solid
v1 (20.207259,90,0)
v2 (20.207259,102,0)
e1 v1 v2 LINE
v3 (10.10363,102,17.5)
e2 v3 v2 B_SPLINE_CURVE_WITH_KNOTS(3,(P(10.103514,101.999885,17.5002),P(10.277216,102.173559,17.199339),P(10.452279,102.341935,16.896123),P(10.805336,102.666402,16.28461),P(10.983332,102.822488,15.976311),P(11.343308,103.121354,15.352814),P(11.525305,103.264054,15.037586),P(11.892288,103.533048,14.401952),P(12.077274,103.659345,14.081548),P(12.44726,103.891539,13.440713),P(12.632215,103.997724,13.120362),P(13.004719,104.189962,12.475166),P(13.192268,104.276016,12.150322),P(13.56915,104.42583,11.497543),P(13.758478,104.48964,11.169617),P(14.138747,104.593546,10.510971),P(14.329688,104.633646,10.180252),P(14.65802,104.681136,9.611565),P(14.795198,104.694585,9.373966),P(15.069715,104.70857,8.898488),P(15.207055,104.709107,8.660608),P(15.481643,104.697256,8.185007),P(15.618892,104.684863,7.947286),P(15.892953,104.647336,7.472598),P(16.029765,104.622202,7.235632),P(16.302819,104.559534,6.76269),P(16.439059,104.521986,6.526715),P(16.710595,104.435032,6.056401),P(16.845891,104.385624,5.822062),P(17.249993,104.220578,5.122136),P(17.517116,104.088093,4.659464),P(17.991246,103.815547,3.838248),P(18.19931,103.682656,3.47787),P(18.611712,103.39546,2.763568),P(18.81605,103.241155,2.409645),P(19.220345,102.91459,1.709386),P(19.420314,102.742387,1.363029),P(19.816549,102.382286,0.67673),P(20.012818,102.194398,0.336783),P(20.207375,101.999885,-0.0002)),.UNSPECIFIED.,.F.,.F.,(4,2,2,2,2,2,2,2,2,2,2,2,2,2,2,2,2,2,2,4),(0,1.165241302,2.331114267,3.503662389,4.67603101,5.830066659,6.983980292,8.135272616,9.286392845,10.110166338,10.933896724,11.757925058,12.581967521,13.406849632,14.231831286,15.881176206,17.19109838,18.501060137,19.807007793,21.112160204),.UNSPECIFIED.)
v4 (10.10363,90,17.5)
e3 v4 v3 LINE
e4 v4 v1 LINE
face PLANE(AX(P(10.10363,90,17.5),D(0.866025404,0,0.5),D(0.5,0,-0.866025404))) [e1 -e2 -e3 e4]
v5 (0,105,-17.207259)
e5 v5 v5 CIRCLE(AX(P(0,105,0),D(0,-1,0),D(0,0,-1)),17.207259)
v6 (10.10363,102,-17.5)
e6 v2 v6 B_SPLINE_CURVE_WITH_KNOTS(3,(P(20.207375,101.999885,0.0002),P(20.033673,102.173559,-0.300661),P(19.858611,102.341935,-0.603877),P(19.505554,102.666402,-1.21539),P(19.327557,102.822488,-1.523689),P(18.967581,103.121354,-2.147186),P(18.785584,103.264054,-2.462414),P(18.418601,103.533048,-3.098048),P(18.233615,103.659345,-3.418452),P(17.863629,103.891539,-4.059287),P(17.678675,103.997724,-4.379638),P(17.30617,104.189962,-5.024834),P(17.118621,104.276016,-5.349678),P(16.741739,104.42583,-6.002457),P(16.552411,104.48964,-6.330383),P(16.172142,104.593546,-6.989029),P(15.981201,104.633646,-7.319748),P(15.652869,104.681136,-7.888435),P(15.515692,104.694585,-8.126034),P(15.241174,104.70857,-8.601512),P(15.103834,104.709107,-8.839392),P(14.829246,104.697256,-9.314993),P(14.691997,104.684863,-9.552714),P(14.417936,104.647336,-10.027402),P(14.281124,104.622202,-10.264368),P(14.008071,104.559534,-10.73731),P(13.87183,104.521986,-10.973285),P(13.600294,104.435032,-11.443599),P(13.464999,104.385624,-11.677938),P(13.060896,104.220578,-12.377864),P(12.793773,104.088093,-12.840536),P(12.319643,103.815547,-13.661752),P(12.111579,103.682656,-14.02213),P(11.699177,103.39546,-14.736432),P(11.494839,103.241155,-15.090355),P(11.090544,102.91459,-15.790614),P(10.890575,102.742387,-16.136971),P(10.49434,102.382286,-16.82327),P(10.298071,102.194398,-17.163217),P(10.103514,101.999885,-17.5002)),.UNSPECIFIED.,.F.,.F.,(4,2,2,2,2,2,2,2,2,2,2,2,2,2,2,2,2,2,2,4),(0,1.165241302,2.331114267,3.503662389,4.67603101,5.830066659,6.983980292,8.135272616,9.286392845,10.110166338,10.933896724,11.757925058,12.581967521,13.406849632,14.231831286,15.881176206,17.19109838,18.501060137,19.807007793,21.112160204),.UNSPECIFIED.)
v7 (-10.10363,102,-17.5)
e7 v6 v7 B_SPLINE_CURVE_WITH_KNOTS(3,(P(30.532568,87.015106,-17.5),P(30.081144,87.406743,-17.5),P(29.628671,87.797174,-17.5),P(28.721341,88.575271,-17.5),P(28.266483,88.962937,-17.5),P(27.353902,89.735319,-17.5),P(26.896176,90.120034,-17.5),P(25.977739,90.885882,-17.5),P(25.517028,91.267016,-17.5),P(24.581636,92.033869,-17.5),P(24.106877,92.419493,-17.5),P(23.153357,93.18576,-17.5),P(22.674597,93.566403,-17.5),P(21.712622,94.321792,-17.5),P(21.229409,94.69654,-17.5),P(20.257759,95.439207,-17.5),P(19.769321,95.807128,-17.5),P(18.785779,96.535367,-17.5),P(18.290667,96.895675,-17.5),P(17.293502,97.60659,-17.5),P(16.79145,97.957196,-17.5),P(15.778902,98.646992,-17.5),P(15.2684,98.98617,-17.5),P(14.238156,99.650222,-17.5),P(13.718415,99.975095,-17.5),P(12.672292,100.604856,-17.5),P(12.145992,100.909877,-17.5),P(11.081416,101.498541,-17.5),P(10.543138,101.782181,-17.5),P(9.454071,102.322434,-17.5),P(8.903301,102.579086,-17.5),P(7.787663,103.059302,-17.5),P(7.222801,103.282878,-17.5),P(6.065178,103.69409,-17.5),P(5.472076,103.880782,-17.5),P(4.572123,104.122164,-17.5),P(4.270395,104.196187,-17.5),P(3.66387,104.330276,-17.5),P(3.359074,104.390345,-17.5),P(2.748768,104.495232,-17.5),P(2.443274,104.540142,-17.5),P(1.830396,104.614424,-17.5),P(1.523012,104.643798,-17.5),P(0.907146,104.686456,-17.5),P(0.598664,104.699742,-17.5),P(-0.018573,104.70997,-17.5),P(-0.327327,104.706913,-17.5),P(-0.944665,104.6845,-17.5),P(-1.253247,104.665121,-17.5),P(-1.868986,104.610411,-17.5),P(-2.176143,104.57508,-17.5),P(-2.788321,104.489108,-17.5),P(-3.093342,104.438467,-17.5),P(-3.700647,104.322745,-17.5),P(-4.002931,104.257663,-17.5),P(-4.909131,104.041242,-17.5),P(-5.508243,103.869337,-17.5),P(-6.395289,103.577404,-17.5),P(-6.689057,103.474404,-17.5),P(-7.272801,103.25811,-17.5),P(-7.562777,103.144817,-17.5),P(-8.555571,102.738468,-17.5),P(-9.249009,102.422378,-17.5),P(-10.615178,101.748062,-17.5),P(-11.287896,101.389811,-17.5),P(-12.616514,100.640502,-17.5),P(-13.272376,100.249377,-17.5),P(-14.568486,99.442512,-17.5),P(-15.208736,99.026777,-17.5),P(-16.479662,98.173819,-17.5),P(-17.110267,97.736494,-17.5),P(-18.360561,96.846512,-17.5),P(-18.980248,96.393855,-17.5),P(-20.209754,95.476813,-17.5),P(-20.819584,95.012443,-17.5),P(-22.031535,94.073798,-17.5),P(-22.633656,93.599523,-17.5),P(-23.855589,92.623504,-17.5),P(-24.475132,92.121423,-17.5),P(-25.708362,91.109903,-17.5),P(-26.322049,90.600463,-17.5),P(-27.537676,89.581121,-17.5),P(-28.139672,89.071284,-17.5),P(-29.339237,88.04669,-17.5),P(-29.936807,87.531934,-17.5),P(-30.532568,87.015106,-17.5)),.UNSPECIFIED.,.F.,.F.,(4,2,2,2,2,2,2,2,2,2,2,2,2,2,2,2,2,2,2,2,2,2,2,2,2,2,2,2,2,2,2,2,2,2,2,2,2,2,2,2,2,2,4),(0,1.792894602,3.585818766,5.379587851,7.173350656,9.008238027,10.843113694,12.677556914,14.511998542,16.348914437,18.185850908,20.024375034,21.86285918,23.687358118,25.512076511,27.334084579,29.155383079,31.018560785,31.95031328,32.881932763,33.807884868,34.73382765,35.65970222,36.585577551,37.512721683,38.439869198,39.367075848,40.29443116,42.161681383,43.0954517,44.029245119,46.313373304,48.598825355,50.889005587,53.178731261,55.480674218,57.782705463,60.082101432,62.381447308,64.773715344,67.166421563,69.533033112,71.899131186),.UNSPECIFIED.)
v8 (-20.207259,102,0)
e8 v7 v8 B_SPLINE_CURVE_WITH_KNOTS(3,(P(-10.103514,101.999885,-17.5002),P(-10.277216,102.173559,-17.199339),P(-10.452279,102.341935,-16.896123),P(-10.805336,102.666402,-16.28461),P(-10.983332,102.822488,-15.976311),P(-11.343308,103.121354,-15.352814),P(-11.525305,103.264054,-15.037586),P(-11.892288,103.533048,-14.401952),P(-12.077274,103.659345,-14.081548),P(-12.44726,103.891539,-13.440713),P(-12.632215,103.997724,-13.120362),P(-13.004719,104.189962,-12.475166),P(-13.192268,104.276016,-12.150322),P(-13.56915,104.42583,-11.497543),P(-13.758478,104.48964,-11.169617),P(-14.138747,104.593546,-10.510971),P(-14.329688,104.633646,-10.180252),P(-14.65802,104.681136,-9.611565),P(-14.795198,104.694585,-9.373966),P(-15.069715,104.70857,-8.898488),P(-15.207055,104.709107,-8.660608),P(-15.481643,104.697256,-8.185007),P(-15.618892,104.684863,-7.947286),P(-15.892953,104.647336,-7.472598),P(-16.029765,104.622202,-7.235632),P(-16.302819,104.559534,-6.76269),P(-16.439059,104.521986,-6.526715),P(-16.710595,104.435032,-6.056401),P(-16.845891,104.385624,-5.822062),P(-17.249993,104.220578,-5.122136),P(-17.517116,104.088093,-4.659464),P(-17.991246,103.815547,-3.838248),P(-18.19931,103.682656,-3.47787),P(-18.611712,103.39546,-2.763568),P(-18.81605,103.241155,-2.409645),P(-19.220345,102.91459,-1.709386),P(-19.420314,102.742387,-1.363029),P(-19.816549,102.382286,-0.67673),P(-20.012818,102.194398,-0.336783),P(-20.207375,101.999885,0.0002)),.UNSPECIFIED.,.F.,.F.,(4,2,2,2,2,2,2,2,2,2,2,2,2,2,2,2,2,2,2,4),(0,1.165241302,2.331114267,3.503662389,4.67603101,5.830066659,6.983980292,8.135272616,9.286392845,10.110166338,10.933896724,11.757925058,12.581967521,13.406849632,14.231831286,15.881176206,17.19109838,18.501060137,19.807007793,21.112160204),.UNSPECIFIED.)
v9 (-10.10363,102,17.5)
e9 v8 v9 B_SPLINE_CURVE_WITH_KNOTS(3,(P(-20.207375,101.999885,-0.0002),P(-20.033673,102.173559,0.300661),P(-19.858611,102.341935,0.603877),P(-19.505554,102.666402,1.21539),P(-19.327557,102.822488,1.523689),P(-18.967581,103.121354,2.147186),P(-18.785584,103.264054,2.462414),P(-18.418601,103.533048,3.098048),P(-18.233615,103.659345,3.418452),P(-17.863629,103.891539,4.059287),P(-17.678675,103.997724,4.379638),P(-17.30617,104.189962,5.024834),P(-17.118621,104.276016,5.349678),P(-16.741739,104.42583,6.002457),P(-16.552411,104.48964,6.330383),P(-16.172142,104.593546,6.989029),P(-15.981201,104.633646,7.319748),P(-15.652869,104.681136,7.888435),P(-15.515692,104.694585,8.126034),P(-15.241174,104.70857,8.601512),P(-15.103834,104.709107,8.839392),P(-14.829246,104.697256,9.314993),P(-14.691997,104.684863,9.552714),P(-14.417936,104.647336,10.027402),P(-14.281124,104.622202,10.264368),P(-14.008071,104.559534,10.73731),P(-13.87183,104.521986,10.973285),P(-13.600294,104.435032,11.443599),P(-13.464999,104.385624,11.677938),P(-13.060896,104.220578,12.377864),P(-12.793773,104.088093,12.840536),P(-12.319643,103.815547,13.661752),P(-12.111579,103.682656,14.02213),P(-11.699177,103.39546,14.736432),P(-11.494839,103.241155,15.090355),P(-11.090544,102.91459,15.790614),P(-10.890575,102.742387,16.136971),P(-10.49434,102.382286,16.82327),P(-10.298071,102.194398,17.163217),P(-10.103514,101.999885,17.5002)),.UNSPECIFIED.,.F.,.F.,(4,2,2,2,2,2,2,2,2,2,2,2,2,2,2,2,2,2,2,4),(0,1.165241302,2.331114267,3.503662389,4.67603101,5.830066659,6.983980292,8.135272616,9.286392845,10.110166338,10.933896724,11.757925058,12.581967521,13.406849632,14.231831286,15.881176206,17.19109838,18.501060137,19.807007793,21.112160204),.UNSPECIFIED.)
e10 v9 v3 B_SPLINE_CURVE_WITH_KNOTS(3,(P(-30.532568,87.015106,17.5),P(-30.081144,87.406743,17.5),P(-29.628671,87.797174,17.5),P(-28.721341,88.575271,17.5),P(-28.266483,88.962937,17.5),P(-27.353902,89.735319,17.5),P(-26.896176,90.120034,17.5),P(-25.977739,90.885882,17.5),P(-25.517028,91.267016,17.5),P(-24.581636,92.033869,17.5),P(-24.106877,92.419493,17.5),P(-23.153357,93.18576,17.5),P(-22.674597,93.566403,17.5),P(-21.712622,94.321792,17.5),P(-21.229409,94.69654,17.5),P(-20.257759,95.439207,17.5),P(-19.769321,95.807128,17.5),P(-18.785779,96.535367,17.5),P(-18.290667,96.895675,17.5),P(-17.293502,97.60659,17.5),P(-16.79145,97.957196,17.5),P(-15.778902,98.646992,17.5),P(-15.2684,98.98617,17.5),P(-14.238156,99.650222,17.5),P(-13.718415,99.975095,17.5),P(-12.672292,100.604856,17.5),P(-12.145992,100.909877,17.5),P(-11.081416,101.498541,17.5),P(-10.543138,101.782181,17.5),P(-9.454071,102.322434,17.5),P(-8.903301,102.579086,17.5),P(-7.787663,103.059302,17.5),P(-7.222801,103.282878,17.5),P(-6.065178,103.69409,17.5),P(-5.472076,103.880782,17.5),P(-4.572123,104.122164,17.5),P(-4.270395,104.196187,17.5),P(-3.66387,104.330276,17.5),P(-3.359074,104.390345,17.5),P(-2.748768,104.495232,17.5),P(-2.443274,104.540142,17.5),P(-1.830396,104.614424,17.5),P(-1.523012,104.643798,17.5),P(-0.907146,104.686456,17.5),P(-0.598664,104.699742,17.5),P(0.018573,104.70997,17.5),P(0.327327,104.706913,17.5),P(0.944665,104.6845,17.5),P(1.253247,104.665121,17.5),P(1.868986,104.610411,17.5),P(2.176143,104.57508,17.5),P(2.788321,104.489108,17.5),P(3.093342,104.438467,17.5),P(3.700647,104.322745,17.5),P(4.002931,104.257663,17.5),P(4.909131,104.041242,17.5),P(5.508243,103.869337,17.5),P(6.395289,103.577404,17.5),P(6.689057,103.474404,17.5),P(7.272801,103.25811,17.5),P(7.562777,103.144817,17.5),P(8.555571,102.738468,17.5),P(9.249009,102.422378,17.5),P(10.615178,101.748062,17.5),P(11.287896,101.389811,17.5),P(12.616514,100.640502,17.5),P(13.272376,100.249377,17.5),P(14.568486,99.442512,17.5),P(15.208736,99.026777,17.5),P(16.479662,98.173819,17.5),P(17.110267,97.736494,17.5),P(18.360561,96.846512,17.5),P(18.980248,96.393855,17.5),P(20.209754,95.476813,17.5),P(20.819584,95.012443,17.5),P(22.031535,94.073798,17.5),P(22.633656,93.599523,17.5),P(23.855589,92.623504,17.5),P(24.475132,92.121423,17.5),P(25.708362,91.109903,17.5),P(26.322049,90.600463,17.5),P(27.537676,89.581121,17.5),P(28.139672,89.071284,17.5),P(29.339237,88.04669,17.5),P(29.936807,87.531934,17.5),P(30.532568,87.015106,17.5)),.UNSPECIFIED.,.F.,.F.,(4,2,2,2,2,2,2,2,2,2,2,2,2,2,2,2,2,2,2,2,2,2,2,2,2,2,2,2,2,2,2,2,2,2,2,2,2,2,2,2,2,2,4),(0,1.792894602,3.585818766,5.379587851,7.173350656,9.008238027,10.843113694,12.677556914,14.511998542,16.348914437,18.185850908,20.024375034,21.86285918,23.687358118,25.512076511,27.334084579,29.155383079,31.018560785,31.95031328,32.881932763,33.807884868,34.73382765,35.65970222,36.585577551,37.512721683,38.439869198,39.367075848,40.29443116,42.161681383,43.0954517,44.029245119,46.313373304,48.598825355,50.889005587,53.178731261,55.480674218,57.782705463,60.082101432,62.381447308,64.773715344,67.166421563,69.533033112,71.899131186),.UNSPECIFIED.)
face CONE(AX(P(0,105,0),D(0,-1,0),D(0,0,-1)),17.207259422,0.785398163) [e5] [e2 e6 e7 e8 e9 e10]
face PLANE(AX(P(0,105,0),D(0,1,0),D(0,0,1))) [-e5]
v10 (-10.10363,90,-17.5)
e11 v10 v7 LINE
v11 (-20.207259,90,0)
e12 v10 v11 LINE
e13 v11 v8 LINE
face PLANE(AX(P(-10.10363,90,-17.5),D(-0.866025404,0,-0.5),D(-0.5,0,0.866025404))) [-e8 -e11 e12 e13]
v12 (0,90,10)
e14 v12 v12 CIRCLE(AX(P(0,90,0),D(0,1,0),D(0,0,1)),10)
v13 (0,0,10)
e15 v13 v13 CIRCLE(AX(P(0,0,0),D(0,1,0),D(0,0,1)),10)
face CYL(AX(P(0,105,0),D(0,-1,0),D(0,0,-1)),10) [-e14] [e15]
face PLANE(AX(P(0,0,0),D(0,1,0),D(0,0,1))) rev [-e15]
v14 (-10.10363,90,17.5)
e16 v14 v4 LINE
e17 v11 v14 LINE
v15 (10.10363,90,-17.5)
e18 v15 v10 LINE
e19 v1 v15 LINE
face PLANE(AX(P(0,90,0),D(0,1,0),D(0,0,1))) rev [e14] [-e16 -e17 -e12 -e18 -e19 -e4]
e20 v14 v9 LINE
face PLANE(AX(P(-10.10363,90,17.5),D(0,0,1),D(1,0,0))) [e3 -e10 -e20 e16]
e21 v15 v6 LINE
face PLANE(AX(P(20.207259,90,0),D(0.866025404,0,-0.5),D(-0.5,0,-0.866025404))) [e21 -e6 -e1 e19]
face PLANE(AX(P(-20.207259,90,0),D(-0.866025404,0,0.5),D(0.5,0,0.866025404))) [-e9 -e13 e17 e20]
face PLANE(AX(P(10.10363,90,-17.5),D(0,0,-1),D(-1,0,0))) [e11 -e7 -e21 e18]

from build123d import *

# Parameters (mm, degrees)
SKETCH1_R           = 10
BOSS_EXTRUDE1_DEPTH = 105
BOSS_EXTRUDE2_DEPTH = 15


with BuildPart() as part:
    # Sketch1 → Boss-Extrude1 (new body)
    with BuildSketch(Plane(origin=(0, 0, 0), x_dir=(1, 0, 0), z_dir=(0, 1, 0))):
        Circle(SKETCH1_R)
    extrude(amount=BOSS_EXTRUDE1_DEPTH)

    # Sketch2 → Boss-Extrude2 (add)
    with BuildSketch(Plane(origin=(0, 105, 0), x_dir=(1, 0, 0), z_dir=(0, 1, 0))):
        Polygon((20.207259422, 0), (10.103629711, 17.5), (-10.103629711, 17.5), (-20.207259422, 0), (-10.103629711, -17.5), (10.103629711, -17.5), align=None)
    extrude(amount=-BOSS_EXTRUDE2_DEPTH)

    # Sketch3 → Cut-Revolve1 (revolve, cut)
    with BuildSketch(Plane.XY):
        Polygon((20.207259422, 105), (20.207259422, 102), (17.207259422, 105), align=None)
    revolve(axis=Axis((0, 0, 0), (0, 1, 0)), mode=Mode.SUBTRACT)


solid = part.part
